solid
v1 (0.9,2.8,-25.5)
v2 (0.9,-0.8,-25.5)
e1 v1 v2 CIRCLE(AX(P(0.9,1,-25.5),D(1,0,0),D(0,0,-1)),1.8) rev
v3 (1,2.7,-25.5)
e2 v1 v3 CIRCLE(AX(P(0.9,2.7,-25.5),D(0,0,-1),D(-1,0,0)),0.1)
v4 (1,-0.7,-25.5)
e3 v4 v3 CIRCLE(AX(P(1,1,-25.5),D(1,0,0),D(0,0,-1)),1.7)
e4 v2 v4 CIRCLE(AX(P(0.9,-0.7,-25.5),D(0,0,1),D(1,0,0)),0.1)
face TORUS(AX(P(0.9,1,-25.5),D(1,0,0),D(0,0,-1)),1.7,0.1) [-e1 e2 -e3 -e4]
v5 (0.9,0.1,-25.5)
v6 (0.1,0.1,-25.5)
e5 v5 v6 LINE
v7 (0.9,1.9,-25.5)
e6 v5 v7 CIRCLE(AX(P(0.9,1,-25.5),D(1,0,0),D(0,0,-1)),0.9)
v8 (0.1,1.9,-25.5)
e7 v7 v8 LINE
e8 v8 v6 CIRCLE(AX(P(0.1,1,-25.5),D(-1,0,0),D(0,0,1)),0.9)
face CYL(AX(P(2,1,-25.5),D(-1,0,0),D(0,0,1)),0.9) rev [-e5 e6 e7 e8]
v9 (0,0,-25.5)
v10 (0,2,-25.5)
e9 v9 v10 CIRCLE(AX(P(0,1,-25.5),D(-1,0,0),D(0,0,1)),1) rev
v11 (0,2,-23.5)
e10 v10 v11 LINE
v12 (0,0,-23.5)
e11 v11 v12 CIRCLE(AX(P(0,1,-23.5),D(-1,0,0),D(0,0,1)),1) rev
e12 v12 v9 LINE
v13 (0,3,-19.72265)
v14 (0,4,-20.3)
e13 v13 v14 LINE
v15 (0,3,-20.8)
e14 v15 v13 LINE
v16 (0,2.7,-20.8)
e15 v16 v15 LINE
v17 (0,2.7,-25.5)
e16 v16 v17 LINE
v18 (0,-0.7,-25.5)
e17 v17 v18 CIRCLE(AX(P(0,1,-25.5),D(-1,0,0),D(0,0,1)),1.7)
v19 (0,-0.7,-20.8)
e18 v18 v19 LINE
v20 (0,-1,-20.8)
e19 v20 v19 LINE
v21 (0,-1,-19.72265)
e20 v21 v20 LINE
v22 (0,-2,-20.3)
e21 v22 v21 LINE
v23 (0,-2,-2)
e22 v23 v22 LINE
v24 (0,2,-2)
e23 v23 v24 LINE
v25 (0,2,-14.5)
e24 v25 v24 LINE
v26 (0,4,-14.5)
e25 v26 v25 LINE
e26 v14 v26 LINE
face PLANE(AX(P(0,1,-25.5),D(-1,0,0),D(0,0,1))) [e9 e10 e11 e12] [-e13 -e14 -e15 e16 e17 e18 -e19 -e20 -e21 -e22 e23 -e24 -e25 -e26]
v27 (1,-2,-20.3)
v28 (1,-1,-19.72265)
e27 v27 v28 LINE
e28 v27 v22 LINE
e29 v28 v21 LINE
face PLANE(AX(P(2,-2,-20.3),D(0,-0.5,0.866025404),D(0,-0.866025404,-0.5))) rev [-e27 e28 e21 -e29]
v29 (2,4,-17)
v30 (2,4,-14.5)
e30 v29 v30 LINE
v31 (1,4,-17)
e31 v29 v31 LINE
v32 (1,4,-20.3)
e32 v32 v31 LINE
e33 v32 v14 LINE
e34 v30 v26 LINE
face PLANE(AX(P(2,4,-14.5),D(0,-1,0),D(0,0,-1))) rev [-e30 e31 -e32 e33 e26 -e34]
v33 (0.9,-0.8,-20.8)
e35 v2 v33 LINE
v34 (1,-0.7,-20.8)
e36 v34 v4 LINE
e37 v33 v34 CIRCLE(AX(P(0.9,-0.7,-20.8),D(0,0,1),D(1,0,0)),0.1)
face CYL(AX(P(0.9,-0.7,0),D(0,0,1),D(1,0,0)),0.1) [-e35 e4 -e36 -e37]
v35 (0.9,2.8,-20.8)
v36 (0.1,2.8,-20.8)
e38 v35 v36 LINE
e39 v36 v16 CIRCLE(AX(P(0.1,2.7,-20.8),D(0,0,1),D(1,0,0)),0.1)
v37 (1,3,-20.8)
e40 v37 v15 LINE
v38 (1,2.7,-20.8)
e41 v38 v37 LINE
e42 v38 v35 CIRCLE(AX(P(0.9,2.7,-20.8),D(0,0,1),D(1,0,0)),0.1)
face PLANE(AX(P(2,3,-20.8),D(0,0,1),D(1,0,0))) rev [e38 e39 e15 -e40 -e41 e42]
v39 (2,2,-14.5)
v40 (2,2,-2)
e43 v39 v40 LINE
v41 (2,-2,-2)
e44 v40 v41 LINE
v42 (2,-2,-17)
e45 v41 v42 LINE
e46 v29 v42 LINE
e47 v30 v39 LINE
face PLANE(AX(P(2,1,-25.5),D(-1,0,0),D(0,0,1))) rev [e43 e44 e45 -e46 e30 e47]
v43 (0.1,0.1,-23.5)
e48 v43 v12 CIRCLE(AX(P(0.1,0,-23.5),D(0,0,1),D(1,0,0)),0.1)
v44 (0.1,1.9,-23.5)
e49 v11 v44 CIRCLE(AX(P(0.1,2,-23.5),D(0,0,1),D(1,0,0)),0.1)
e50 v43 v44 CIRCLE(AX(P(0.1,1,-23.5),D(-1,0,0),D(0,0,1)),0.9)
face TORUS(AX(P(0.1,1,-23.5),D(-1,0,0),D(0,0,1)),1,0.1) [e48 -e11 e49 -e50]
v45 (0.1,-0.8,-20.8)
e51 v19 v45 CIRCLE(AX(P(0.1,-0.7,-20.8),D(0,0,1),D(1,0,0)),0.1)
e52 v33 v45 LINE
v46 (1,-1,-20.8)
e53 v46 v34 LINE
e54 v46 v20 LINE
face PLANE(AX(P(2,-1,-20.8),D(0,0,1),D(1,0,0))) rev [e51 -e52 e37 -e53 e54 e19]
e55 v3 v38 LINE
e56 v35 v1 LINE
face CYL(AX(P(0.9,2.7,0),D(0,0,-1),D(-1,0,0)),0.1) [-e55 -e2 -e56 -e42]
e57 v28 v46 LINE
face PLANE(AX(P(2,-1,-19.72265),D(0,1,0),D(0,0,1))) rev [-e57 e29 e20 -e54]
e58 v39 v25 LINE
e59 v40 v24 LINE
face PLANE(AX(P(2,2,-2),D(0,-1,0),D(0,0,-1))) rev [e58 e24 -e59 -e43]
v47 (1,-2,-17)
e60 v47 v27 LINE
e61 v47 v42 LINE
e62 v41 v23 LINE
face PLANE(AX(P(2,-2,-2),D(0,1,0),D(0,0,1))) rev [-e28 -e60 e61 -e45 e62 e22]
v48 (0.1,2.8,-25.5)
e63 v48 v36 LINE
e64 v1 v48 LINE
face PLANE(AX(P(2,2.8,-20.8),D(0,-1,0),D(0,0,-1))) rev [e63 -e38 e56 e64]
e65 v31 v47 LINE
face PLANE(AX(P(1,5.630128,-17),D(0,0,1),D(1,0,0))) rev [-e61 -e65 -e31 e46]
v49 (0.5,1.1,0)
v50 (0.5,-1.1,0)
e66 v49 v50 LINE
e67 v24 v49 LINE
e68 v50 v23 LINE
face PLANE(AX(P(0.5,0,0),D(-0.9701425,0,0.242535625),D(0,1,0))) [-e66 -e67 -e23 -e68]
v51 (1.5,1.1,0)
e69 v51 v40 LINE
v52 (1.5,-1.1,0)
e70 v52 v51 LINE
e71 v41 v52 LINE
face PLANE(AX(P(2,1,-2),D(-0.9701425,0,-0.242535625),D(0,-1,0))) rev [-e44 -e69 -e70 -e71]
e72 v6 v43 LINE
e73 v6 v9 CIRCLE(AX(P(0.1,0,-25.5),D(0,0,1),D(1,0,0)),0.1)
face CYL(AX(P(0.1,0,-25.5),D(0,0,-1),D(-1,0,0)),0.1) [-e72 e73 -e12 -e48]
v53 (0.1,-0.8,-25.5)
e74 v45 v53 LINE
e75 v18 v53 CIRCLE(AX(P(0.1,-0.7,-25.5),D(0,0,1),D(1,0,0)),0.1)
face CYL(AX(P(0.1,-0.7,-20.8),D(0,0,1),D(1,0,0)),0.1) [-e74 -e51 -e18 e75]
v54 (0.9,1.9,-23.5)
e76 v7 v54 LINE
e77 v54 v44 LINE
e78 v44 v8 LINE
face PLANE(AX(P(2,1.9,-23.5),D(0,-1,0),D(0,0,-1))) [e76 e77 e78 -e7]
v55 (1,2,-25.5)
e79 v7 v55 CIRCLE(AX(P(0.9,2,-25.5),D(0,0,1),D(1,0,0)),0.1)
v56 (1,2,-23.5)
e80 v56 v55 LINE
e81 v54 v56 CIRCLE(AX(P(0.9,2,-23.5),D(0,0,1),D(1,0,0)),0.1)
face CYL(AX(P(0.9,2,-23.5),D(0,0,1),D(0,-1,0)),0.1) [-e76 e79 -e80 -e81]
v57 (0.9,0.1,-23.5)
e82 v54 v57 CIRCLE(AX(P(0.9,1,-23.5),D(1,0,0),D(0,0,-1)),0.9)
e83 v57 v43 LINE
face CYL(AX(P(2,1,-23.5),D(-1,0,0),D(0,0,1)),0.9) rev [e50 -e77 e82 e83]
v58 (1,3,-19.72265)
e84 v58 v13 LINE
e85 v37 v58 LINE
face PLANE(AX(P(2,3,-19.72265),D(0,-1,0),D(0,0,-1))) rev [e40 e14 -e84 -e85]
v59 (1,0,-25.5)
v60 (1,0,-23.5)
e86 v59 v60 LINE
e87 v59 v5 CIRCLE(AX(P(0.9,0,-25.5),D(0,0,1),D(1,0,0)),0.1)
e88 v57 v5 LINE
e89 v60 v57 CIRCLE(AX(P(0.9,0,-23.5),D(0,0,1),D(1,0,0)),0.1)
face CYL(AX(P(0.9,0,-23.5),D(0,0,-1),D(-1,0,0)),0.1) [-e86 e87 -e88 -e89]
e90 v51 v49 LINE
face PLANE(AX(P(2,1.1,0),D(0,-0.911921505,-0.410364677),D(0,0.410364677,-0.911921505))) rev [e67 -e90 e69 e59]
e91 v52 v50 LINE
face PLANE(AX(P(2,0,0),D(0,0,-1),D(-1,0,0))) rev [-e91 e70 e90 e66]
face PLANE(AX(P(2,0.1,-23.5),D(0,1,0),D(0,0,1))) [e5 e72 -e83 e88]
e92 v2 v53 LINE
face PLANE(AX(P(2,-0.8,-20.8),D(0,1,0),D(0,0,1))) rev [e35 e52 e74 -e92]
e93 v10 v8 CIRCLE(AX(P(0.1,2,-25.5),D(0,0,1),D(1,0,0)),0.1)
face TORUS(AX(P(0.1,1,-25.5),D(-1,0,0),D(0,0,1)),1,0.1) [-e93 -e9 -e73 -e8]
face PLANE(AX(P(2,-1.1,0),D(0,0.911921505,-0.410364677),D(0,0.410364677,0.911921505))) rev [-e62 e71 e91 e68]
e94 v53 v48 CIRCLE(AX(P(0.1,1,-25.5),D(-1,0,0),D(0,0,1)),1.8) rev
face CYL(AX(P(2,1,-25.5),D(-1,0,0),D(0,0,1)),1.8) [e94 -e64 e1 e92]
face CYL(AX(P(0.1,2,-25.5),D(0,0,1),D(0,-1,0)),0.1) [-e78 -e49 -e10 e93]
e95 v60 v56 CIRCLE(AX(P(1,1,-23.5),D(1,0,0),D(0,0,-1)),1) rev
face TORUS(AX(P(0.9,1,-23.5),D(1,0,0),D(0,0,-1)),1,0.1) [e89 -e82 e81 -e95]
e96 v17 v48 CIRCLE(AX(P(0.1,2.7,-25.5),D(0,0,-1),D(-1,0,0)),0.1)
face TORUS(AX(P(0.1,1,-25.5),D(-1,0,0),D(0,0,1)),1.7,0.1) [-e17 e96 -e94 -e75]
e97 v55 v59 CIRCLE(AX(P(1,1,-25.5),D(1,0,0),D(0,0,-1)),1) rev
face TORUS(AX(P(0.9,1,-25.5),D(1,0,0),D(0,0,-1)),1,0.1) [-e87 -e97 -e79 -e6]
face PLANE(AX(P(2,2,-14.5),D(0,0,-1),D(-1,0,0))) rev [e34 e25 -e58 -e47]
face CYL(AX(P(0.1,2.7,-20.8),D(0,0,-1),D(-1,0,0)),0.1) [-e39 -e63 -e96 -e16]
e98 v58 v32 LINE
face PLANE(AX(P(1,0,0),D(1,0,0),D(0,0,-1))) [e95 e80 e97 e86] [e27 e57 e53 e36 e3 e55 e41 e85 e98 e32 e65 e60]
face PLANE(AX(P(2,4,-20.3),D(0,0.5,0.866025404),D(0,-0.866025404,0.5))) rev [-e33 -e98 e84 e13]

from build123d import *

# Parameters (mm, degrees)
EXTRUDE_1_DEPTH     = 2
SKETCH_2_W          = 12.24406528
SKETCH_2_H          = 8.971692278
CUT_EXTRUDE_1_DEPTH = 1
CHAMFER_1_SIZE      = 0.5
CHAMFER_1_SIZE2     = 2
CHAMFER_2_SIZE      = 2
CHAMFER_2_SIZE2     = 0.5
FILLET_1_R          = 0.1


with BuildPart() as part:
    # Эскиз1 → Бобышка-Вытянуть1 (new body)
    with BuildSketch(Plane(origin=(0, 0, 0), x_dir=(0, 0, -1), z_dir=(1, 0, 0))):
        with BuildLine():
            Line((0, 0), (0, 1.1))
            Line((0, 1.1), (2, 2))
            Line((2, 2), (14.5, 2))
            Line((14.5, 2), (14.5, 4))
            Line((14.5, 4), (20.3, 4))
            Line((20.3, 4), (19.722649731, 3))
            Line((19.722649731, 3), (20.8, 3))
            Line((20.8, 3), (20.8, 2.8))
            Line((20.8, 2.8), (25.5, 2.8))
            ThreePointArc((25.5, 2.8), (27.3, 1), (25.5, -0.8))
            Line((25.5, -0.8), (20.8, -0.8))
            Line((20.8, -0.8), (20.8, -1))
            Line((20.8, -1), (19.722649731, -1))
            Line((19.722649731, -1), (20.3, -2))
            Line((20.3, -2), (2, -2))
            Line((2, -2), (0, -1.1))
            Line((0, -1.1), (0, 0))
        make_face()
        with BuildLine():
            Line((23.5, 1.9), (25.5, 1.9))
            ThreePointArc((25.5, 1.9), (26.4, 1), (25.5, 0.1))
            Line((25.5, 0.1), (23.5, 0.1))
            ThreePointArc((23.5, 0.1), (22.6, 1), (23.5, 1.9))
        make_face(mode=Mode.SUBTRACT)
    extrude(amount=EXTRUDE_1_DEPTH)

    # Эскиз2 → Вырез-Вытянуть1 (cut)
    with BuildSketch(Plane(origin=(2, 0, 0), x_dir=(0, 0, -1), z_dir=(1, 0, 0))):
        with Locations((23.12203264, 1.144281601)):
            Rectangle(SKETCH_2_W, SKETCH_2_H)
    extrude(amount=-CUT_EXTRUDE_1_DEPTH, mode=Mode.SUBTRACT)

    # Фаска1
    chamfer_1_edges = [part.edges().sort_by_distance(p)[0] for p in [
        (2, 0, 0),
    ]]
    chamfer_1_side = [part.faces().sort_by_distance(p)[0] for p in [
        (1, 0, 0),
    ]]
    chamfer(chamfer_1_edges, length=CHAMFER_1_SIZE, length2=CHAMFER_1_SIZE2, reference=chamfer_1_side[0])

    # Фаска2
    chamfer_2_edges = [part.edges().sort_by_distance(p)[0] for p in [
        (0, 0, 0),
    ]]
    chamfer_2_side = [part.faces().sort_by_distance(p)[0] for p in [
        (0, 0.481010429, -13.197583299),
    ]]
    chamfer(chamfer_2_edges, length=CHAMFER_2_SIZE, length2=CHAMFER_2_SIZE2, reference=chamfer_2_side[0])

    # Скругление1
    fillet_1_edges = [part.edges().sort_by_distance(p)[0] for p in [
        (0, 2.8, -23.15),
        (0, 1, -27.3),
        (0, -0.8, -23.15),
        (0, 1, -22.6),
        (0, 0.1, -24.5),
        (0, 1, -26.4),
        (0, 1.9, -24.5),
        (1, 1.9, -24.5),
        (1, 1, -22.6),
        (1, 0.1, -24.5),
        (1, 1, -26.4),
        (1, -0.8, -23.15),
        (1, 1, -27.3),
        (1, 2.8, -23.15),
    ]]
    fillet(fillet_1_edges, radius=FILLET_1_R)


solid = part.part
